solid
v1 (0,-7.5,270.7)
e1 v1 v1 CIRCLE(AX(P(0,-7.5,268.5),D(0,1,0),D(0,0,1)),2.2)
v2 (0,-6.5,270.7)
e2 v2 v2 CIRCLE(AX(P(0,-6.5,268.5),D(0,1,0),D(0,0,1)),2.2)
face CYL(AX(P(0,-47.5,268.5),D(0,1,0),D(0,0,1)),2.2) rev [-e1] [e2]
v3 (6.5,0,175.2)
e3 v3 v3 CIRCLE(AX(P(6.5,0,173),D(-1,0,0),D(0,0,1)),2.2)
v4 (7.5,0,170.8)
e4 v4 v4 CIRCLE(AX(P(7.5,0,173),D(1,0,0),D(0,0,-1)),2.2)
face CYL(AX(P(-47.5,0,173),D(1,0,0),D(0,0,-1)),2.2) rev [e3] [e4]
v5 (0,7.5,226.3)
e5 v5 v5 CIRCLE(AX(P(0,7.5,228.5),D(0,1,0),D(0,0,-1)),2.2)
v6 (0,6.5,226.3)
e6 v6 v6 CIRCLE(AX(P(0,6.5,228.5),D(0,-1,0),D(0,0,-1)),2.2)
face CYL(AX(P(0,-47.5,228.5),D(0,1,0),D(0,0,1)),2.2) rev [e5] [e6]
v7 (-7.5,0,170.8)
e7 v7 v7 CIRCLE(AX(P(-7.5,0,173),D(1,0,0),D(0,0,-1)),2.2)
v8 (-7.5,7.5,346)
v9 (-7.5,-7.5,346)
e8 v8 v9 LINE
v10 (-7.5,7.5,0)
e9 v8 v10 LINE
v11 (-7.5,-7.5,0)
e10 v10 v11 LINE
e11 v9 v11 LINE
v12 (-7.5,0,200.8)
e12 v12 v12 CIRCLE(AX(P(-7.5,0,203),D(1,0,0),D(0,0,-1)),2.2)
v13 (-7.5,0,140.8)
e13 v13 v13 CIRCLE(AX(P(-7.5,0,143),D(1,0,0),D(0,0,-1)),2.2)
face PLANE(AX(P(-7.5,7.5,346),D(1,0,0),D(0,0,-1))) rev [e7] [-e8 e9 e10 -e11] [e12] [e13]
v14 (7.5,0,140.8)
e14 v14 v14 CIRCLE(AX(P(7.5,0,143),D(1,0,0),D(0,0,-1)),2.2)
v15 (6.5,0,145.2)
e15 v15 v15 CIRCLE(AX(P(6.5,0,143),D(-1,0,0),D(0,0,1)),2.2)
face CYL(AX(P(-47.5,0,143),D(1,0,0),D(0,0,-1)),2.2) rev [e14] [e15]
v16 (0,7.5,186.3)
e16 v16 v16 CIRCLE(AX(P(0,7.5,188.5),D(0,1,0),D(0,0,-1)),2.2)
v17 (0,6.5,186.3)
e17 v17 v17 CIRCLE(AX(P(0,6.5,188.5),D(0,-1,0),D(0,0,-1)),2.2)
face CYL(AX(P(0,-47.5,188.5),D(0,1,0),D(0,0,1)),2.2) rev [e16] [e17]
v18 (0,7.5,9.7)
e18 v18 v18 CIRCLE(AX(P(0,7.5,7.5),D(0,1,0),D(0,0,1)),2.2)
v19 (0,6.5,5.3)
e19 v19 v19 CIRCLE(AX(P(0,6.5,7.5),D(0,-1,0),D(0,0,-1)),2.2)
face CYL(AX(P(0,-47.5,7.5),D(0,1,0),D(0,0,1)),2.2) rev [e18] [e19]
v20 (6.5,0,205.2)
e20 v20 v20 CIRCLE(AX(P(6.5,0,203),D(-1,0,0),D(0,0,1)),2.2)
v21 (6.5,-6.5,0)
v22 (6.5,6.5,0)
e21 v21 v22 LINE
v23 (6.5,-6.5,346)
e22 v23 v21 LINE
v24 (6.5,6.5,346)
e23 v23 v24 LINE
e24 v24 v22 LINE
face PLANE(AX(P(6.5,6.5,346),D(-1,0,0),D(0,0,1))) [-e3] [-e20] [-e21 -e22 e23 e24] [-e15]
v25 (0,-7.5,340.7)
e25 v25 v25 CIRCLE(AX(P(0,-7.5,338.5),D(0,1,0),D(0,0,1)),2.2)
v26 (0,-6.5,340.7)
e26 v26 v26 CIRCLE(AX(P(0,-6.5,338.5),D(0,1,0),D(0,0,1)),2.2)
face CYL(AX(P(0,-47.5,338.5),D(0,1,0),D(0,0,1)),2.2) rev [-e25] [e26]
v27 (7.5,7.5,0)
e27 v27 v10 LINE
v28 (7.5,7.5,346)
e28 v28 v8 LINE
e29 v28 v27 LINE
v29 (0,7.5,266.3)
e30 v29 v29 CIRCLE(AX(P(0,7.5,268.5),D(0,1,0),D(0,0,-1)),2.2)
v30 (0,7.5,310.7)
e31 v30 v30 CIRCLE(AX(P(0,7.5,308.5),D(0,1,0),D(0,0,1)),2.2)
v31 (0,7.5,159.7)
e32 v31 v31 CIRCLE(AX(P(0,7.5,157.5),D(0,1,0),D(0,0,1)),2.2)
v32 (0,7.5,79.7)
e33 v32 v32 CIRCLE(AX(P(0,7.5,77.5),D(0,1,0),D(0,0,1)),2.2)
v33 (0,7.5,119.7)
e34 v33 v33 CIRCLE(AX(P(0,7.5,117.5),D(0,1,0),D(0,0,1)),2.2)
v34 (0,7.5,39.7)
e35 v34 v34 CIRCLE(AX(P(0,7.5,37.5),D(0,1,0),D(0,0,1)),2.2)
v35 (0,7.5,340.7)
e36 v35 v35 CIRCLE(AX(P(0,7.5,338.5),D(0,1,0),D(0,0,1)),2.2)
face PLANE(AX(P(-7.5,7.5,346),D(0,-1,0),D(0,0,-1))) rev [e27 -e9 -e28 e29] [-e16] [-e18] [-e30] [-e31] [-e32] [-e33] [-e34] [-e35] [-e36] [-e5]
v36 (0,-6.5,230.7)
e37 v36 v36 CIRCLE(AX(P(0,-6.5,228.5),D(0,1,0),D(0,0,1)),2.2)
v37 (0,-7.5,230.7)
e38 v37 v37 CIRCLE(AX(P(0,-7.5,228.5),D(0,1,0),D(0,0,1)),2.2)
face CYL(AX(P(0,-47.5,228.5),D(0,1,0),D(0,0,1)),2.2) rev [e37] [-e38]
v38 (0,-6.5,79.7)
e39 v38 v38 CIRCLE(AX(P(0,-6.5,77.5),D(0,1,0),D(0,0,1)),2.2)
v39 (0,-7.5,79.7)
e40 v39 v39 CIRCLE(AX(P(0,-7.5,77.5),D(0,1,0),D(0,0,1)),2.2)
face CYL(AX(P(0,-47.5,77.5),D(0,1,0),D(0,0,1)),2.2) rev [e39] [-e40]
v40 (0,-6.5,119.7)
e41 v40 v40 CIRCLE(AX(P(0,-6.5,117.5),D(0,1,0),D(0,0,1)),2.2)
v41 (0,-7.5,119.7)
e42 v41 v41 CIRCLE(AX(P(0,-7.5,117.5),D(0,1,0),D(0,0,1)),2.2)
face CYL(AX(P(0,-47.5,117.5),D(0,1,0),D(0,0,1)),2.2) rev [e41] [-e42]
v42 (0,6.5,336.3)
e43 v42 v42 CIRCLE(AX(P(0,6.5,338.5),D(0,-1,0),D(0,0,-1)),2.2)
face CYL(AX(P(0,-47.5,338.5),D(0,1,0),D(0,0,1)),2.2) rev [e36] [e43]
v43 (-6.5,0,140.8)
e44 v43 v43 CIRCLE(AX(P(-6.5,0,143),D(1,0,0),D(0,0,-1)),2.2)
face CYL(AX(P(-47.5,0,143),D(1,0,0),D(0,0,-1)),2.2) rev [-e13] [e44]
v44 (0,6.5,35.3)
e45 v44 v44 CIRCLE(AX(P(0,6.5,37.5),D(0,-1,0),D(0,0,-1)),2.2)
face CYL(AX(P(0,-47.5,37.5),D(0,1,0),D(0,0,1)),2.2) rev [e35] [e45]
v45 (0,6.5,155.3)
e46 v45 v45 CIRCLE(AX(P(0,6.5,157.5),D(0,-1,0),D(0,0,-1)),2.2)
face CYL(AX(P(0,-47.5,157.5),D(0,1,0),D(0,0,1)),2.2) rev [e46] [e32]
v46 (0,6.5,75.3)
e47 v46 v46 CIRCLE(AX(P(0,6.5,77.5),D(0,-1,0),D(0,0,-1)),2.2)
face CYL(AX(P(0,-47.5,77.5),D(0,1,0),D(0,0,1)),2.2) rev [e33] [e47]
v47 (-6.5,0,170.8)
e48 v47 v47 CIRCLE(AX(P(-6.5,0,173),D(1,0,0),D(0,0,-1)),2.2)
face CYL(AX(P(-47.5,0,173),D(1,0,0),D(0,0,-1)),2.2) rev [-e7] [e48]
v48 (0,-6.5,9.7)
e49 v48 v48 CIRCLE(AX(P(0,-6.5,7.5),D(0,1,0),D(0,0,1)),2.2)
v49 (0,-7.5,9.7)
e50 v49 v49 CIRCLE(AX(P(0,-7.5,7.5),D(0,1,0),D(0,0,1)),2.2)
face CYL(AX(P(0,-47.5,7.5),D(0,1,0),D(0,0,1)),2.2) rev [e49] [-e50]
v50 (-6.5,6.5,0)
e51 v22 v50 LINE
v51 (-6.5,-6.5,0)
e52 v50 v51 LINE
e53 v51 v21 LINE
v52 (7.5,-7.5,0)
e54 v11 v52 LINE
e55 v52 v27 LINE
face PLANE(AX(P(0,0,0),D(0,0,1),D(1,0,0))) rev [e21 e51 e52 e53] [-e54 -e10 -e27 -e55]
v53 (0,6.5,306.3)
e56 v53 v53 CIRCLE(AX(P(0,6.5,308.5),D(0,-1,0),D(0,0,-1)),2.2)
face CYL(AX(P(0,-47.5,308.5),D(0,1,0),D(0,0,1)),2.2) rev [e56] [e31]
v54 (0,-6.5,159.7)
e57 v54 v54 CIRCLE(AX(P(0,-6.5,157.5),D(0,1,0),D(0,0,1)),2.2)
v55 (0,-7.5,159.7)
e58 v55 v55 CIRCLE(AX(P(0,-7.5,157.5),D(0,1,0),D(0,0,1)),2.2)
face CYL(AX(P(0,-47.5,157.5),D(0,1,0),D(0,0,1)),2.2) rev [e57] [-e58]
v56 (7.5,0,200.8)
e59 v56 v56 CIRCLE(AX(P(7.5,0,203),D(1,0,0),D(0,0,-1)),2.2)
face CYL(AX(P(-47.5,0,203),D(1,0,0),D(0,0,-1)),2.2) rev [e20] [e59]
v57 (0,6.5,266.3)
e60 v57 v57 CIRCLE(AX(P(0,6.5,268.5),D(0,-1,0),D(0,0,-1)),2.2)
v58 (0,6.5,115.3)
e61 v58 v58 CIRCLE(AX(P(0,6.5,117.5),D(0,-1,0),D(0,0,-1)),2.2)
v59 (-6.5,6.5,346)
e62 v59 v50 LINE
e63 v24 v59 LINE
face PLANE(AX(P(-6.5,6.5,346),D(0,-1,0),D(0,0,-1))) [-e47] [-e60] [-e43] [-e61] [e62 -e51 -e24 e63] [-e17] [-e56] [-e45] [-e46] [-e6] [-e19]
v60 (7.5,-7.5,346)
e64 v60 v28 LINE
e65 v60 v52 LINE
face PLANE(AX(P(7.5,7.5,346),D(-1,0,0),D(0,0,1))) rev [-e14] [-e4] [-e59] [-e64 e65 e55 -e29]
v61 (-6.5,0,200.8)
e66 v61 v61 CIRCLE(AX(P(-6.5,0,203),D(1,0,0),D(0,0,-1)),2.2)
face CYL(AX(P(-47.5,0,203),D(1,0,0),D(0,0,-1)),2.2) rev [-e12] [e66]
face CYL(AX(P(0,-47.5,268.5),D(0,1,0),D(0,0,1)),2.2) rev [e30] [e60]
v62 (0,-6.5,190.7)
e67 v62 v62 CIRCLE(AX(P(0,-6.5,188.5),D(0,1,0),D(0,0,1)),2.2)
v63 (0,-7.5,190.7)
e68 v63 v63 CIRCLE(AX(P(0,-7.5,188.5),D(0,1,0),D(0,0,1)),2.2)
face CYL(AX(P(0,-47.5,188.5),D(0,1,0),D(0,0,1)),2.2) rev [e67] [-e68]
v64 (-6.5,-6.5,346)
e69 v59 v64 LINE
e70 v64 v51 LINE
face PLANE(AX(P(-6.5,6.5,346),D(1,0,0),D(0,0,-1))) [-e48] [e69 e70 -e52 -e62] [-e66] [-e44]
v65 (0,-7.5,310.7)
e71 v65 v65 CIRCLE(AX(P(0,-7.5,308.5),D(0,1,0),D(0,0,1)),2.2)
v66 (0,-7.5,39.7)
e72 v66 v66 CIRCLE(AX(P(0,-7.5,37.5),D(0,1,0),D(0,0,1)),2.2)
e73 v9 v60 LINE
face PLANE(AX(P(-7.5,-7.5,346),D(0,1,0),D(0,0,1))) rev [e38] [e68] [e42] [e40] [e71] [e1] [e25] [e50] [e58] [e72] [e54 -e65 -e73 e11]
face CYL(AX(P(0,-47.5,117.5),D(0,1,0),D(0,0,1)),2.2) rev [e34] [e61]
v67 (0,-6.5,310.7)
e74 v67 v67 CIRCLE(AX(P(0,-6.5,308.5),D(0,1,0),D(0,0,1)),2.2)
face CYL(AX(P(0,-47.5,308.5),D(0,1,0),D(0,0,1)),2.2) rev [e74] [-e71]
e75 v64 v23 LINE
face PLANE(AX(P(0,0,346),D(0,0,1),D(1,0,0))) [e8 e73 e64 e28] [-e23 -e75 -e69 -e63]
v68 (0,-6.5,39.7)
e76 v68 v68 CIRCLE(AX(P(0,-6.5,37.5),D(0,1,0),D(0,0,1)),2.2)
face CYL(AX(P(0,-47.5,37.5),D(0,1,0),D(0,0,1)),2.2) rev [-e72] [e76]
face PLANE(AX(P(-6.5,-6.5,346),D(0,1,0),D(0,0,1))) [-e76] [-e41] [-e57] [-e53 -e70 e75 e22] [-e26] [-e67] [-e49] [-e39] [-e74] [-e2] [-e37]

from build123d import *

# Parameters (mm, degrees)
SKETCH_1_W          = 15
SKETCH_1_H          = 15
SKETCH_1_W_2        = 13
SKETCH_1_H_2        = 13
EXTRUDE_1_DEPTH     = 346
SKETCH_3_R          = 2.2
CUT_EXTRUDE_2_DEPTH = 55
SKETCH_4_R          = 2.2
CUT_EXTRUDE_3_DEPTH = 55


with BuildPart() as part:
    # 草图1 → 凸台-拉伸1 (new body)
    with BuildSketch(Plane.XY):
        Rectangle(SKETCH_1_W, SKETCH_1_H)
        Rectangle(SKETCH_1_W_2, SKETCH_1_H_2, mode=Mode.SUBTRACT)
    extrude(amount=EXTRUDE_1_DEPTH)

    # 草图3 → 切除-拉伸2 (cut)
    with BuildSketch(Plane(origin=(0, 7.5, 0), x_dir=(1, 0, 0), z_dir=(0, 1, 0))):
        with Locations(Location((0, -338.5, 0), (0, 0, 270))):
            Circle(SKETCH_3_R)
        with Locations(Location((0, -7.5, 0), (0, 0, 270))):
            Circle(SKETCH_3_R)
        with Locations(Location((0, -37.5, 0), (0, 0, 270))):
            Circle(SKETCH_3_R)
        with Locations(Location((0, -308.5, 0), (0, 0, 270))):
            Circle(SKETCH_3_R)
        with Locations(Location((0, -77.5, 0), (0, 0, 270))):
            Circle(SKETCH_3_R)
        with Locations(Location((0, -117.5, 0), (0, 0, 270))):
            Circle(SKETCH_3_R)
        with Locations(Location((0, -228.5, 0), (0, 0, 270))):
            Circle(SKETCH_3_R)
        with Locations(Location((0, -268.5, 0), (0, 0, 270))):
            Circle(SKETCH_3_R)
        with Locations(Location((0, -157.5, 0), (0, 0, 270))):
            Circle(SKETCH_3_R)
        with Locations(Location((0, -188.5, 0), (0, 0, 270))):
            Circle(SKETCH_3_R)
    extrude(amount=-CUT_EXTRUDE_2_DEPTH, mode=Mode.SUBTRACT)

    # 草图4 → 切除-拉伸3 (cut)
    with BuildSketch(Plane(origin=(7.5, 0, 0), x_dir=(0, 0, -1), z_dir=(1, 0, 0))):
        with Locations((-173, 0)):
            Circle(SKETCH_4_R)
        with Locations((-203, 0)):
            Circle(SKETCH_4_R)
        with Locations((-143, 0)):
            Circle(SKETCH_4_R)
    extrude(amount=-CUT_EXTRUDE_3_DEPTH, mode=Mode.SUBTRACT)


solid = part.part
